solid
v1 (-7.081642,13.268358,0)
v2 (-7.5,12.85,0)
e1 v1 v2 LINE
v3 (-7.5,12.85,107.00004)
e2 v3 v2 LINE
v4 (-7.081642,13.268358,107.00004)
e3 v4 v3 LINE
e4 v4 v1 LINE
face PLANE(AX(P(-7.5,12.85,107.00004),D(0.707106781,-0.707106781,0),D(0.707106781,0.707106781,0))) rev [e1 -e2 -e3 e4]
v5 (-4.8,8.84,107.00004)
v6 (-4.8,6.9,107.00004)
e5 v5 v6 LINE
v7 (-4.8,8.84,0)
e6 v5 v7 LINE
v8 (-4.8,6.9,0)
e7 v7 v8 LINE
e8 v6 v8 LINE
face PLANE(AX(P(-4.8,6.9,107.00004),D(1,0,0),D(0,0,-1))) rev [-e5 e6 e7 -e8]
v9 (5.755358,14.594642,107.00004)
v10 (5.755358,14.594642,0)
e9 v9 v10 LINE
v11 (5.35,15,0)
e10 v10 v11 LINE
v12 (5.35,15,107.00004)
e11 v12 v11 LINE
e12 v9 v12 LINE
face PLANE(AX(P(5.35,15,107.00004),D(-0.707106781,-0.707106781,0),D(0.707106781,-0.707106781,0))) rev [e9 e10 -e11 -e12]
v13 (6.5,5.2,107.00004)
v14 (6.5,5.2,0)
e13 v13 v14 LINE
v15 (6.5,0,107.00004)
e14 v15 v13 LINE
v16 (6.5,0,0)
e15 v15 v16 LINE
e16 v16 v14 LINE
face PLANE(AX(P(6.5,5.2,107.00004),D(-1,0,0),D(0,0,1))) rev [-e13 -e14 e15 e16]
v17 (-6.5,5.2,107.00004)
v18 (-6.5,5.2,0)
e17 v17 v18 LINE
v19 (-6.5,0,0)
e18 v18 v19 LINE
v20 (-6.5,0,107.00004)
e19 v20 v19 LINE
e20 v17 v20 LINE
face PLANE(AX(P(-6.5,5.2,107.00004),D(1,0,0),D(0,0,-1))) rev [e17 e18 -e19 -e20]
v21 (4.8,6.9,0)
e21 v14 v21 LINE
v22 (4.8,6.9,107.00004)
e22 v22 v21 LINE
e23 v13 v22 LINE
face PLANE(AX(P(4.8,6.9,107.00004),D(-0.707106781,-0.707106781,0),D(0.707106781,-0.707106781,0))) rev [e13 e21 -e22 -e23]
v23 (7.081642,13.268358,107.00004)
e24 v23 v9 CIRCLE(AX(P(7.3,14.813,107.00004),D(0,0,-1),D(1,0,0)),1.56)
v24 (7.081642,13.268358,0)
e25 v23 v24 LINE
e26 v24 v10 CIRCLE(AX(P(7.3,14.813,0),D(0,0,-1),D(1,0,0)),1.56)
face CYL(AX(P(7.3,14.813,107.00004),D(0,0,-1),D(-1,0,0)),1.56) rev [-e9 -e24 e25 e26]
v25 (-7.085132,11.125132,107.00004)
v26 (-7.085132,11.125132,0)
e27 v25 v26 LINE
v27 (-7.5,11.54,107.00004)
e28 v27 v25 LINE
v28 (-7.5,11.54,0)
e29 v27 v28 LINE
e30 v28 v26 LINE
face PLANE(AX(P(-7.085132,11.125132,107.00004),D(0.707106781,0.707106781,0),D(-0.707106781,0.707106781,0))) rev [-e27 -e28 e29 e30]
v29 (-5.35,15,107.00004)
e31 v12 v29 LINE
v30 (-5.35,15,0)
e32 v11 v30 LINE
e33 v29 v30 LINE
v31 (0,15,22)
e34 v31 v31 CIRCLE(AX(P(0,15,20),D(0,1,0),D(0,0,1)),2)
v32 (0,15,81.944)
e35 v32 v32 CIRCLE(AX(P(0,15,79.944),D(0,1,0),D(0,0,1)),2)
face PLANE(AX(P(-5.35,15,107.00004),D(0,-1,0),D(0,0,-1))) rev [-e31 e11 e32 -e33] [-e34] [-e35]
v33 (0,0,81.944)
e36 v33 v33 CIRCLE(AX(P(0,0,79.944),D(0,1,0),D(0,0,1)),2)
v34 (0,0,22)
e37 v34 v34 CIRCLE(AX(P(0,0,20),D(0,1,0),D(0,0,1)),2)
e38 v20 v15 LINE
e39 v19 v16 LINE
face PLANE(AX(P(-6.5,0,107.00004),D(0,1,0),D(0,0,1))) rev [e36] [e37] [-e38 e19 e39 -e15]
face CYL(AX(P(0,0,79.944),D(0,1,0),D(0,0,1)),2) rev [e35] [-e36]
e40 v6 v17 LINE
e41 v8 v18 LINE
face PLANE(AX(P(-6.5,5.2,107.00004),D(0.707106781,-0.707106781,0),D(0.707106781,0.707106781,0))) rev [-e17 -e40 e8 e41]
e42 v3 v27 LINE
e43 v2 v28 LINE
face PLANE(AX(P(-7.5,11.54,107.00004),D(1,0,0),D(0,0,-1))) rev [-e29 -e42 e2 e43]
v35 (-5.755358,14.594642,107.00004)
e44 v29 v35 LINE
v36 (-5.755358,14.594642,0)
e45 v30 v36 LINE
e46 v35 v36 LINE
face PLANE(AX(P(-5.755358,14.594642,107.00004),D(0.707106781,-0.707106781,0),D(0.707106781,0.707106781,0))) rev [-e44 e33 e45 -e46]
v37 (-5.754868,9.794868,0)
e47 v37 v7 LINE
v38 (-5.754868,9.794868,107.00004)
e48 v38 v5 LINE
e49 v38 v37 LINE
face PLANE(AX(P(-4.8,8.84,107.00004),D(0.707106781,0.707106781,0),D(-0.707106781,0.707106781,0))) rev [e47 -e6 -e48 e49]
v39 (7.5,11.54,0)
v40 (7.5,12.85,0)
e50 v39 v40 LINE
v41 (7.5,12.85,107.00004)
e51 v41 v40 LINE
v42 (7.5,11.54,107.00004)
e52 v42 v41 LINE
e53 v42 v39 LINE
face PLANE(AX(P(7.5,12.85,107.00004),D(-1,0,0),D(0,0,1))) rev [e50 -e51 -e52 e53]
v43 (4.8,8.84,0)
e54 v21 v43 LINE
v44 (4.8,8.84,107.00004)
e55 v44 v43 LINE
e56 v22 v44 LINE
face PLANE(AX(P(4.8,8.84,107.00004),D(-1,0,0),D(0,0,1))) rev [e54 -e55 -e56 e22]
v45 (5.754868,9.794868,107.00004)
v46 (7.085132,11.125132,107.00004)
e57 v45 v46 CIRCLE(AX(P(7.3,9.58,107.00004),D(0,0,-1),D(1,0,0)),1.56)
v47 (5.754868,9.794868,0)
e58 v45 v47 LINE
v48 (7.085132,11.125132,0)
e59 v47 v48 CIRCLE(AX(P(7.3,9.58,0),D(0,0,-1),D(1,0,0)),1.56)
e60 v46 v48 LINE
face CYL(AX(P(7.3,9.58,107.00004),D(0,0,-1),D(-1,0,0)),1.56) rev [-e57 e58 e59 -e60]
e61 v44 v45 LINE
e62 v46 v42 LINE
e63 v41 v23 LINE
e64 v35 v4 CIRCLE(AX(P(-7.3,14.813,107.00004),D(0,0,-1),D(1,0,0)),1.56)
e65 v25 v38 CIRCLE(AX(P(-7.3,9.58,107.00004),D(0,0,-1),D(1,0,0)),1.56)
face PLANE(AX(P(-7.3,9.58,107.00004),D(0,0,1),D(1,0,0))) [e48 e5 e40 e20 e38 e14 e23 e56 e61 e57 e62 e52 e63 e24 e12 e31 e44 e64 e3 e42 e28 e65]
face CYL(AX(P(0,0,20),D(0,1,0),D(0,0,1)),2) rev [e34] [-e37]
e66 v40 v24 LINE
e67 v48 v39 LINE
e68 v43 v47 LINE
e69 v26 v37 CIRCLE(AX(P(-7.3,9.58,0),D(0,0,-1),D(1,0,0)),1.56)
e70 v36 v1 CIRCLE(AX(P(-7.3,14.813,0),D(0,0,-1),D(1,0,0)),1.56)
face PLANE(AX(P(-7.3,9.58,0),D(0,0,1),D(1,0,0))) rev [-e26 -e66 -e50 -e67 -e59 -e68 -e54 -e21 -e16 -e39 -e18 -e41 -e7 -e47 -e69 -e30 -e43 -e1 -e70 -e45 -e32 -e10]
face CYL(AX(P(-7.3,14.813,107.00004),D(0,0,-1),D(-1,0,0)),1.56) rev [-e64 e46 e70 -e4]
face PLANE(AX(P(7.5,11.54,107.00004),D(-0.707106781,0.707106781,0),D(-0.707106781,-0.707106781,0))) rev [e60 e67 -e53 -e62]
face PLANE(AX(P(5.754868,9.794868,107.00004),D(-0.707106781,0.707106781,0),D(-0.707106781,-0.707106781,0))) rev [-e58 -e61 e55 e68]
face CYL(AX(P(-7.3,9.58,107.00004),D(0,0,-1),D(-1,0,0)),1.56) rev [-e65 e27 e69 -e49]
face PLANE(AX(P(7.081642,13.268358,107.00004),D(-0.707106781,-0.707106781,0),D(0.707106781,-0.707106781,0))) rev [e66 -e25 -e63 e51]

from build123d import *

# Parameters (mm, degrees)
BOSS_EXTRUDE1_DEPTH = 107.00004
SKETCH2_R           = 2
CUT_EXTRUDE1_DEPTH  = 16


with BuildPart() as part:
    # Sketch1 → Boss-Extrude1 (new body)
    with BuildSketch(Plane.XY):
        with BuildLine():
            Line((-6.5, 0), (6.5, 0))
            Line((6.5, 0), (6.5, 5.2))
            Line((6.5, 5.2), (4.8, 6.9))
            Line((4.8, 6.9), (4.8, 8.84))
            Line((4.8, 8.84), (5.754868434, 9.794868434))
            ThreePointArc((5.754868434, 9.794868434), (6.196913421, 10.683086579), (7.085131566, 11.125131566))
            Line((7.085131566, 11.125131566), (7.5, 11.54))
            Line((7.5, 11.54), (7.5, 12.85))
            Line((7.5, 12.85), (7.08164233, 13.26835767))
            ThreePointArc((7.08164233, 13.26835767), (6.196913421, 13.709913421), (5.75535767, 14.59464233))
            Line((5.75535767, 14.59464233), (5.35, 15))
            Line((5.35, 15), (-5.35, 15))
            Line((-5.35, 15), (-5.75535767, 14.59464233))
            ThreePointArc((-5.75535767, 14.59464233), (-6.196913421, 13.709913421), (-7.08164233, 13.26835767))
            Line((-7.08164233, 13.26835767), (-7.5, 12.85))
            Line((-7.5, 12.85), (-7.5, 11.54))
            Line((-7.5, 11.54), (-7.085131566, 11.125131566))
            ThreePointArc((-7.085131566, 11.125131566), (-6.196913421, 10.683086579), (-5.754868434, 9.794868434))
            Line((-5.754868434, 9.794868434), (-4.8, 8.84))
            Line((-4.8, 8.84), (-4.8, 6.9))
            Line((-4.8, 6.9), (-6.5, 5.2))
            Line((-6.5, 5.2), (-6.5, 0))
        make_face()
    extrude(amount=BOSS_EXTRUDE1_DEPTH)

    # Sketch2 → Cut-Extrude1 (cut, through all)
    with BuildSketch(Plane(origin=(0, 15, 0), x_dir=(1, 0, 0), z_dir=(0, 1, 0))):
        with Locations((0, -20)):
            Circle(SKETCH2_R)
        with Locations((0, -79.944)):
            Circle(SKETCH2_R)
    extrude(amount=-CUT_EXTRUDE1_DEPTH, mode=Mode.SUBTRACT)


solid = part.part
